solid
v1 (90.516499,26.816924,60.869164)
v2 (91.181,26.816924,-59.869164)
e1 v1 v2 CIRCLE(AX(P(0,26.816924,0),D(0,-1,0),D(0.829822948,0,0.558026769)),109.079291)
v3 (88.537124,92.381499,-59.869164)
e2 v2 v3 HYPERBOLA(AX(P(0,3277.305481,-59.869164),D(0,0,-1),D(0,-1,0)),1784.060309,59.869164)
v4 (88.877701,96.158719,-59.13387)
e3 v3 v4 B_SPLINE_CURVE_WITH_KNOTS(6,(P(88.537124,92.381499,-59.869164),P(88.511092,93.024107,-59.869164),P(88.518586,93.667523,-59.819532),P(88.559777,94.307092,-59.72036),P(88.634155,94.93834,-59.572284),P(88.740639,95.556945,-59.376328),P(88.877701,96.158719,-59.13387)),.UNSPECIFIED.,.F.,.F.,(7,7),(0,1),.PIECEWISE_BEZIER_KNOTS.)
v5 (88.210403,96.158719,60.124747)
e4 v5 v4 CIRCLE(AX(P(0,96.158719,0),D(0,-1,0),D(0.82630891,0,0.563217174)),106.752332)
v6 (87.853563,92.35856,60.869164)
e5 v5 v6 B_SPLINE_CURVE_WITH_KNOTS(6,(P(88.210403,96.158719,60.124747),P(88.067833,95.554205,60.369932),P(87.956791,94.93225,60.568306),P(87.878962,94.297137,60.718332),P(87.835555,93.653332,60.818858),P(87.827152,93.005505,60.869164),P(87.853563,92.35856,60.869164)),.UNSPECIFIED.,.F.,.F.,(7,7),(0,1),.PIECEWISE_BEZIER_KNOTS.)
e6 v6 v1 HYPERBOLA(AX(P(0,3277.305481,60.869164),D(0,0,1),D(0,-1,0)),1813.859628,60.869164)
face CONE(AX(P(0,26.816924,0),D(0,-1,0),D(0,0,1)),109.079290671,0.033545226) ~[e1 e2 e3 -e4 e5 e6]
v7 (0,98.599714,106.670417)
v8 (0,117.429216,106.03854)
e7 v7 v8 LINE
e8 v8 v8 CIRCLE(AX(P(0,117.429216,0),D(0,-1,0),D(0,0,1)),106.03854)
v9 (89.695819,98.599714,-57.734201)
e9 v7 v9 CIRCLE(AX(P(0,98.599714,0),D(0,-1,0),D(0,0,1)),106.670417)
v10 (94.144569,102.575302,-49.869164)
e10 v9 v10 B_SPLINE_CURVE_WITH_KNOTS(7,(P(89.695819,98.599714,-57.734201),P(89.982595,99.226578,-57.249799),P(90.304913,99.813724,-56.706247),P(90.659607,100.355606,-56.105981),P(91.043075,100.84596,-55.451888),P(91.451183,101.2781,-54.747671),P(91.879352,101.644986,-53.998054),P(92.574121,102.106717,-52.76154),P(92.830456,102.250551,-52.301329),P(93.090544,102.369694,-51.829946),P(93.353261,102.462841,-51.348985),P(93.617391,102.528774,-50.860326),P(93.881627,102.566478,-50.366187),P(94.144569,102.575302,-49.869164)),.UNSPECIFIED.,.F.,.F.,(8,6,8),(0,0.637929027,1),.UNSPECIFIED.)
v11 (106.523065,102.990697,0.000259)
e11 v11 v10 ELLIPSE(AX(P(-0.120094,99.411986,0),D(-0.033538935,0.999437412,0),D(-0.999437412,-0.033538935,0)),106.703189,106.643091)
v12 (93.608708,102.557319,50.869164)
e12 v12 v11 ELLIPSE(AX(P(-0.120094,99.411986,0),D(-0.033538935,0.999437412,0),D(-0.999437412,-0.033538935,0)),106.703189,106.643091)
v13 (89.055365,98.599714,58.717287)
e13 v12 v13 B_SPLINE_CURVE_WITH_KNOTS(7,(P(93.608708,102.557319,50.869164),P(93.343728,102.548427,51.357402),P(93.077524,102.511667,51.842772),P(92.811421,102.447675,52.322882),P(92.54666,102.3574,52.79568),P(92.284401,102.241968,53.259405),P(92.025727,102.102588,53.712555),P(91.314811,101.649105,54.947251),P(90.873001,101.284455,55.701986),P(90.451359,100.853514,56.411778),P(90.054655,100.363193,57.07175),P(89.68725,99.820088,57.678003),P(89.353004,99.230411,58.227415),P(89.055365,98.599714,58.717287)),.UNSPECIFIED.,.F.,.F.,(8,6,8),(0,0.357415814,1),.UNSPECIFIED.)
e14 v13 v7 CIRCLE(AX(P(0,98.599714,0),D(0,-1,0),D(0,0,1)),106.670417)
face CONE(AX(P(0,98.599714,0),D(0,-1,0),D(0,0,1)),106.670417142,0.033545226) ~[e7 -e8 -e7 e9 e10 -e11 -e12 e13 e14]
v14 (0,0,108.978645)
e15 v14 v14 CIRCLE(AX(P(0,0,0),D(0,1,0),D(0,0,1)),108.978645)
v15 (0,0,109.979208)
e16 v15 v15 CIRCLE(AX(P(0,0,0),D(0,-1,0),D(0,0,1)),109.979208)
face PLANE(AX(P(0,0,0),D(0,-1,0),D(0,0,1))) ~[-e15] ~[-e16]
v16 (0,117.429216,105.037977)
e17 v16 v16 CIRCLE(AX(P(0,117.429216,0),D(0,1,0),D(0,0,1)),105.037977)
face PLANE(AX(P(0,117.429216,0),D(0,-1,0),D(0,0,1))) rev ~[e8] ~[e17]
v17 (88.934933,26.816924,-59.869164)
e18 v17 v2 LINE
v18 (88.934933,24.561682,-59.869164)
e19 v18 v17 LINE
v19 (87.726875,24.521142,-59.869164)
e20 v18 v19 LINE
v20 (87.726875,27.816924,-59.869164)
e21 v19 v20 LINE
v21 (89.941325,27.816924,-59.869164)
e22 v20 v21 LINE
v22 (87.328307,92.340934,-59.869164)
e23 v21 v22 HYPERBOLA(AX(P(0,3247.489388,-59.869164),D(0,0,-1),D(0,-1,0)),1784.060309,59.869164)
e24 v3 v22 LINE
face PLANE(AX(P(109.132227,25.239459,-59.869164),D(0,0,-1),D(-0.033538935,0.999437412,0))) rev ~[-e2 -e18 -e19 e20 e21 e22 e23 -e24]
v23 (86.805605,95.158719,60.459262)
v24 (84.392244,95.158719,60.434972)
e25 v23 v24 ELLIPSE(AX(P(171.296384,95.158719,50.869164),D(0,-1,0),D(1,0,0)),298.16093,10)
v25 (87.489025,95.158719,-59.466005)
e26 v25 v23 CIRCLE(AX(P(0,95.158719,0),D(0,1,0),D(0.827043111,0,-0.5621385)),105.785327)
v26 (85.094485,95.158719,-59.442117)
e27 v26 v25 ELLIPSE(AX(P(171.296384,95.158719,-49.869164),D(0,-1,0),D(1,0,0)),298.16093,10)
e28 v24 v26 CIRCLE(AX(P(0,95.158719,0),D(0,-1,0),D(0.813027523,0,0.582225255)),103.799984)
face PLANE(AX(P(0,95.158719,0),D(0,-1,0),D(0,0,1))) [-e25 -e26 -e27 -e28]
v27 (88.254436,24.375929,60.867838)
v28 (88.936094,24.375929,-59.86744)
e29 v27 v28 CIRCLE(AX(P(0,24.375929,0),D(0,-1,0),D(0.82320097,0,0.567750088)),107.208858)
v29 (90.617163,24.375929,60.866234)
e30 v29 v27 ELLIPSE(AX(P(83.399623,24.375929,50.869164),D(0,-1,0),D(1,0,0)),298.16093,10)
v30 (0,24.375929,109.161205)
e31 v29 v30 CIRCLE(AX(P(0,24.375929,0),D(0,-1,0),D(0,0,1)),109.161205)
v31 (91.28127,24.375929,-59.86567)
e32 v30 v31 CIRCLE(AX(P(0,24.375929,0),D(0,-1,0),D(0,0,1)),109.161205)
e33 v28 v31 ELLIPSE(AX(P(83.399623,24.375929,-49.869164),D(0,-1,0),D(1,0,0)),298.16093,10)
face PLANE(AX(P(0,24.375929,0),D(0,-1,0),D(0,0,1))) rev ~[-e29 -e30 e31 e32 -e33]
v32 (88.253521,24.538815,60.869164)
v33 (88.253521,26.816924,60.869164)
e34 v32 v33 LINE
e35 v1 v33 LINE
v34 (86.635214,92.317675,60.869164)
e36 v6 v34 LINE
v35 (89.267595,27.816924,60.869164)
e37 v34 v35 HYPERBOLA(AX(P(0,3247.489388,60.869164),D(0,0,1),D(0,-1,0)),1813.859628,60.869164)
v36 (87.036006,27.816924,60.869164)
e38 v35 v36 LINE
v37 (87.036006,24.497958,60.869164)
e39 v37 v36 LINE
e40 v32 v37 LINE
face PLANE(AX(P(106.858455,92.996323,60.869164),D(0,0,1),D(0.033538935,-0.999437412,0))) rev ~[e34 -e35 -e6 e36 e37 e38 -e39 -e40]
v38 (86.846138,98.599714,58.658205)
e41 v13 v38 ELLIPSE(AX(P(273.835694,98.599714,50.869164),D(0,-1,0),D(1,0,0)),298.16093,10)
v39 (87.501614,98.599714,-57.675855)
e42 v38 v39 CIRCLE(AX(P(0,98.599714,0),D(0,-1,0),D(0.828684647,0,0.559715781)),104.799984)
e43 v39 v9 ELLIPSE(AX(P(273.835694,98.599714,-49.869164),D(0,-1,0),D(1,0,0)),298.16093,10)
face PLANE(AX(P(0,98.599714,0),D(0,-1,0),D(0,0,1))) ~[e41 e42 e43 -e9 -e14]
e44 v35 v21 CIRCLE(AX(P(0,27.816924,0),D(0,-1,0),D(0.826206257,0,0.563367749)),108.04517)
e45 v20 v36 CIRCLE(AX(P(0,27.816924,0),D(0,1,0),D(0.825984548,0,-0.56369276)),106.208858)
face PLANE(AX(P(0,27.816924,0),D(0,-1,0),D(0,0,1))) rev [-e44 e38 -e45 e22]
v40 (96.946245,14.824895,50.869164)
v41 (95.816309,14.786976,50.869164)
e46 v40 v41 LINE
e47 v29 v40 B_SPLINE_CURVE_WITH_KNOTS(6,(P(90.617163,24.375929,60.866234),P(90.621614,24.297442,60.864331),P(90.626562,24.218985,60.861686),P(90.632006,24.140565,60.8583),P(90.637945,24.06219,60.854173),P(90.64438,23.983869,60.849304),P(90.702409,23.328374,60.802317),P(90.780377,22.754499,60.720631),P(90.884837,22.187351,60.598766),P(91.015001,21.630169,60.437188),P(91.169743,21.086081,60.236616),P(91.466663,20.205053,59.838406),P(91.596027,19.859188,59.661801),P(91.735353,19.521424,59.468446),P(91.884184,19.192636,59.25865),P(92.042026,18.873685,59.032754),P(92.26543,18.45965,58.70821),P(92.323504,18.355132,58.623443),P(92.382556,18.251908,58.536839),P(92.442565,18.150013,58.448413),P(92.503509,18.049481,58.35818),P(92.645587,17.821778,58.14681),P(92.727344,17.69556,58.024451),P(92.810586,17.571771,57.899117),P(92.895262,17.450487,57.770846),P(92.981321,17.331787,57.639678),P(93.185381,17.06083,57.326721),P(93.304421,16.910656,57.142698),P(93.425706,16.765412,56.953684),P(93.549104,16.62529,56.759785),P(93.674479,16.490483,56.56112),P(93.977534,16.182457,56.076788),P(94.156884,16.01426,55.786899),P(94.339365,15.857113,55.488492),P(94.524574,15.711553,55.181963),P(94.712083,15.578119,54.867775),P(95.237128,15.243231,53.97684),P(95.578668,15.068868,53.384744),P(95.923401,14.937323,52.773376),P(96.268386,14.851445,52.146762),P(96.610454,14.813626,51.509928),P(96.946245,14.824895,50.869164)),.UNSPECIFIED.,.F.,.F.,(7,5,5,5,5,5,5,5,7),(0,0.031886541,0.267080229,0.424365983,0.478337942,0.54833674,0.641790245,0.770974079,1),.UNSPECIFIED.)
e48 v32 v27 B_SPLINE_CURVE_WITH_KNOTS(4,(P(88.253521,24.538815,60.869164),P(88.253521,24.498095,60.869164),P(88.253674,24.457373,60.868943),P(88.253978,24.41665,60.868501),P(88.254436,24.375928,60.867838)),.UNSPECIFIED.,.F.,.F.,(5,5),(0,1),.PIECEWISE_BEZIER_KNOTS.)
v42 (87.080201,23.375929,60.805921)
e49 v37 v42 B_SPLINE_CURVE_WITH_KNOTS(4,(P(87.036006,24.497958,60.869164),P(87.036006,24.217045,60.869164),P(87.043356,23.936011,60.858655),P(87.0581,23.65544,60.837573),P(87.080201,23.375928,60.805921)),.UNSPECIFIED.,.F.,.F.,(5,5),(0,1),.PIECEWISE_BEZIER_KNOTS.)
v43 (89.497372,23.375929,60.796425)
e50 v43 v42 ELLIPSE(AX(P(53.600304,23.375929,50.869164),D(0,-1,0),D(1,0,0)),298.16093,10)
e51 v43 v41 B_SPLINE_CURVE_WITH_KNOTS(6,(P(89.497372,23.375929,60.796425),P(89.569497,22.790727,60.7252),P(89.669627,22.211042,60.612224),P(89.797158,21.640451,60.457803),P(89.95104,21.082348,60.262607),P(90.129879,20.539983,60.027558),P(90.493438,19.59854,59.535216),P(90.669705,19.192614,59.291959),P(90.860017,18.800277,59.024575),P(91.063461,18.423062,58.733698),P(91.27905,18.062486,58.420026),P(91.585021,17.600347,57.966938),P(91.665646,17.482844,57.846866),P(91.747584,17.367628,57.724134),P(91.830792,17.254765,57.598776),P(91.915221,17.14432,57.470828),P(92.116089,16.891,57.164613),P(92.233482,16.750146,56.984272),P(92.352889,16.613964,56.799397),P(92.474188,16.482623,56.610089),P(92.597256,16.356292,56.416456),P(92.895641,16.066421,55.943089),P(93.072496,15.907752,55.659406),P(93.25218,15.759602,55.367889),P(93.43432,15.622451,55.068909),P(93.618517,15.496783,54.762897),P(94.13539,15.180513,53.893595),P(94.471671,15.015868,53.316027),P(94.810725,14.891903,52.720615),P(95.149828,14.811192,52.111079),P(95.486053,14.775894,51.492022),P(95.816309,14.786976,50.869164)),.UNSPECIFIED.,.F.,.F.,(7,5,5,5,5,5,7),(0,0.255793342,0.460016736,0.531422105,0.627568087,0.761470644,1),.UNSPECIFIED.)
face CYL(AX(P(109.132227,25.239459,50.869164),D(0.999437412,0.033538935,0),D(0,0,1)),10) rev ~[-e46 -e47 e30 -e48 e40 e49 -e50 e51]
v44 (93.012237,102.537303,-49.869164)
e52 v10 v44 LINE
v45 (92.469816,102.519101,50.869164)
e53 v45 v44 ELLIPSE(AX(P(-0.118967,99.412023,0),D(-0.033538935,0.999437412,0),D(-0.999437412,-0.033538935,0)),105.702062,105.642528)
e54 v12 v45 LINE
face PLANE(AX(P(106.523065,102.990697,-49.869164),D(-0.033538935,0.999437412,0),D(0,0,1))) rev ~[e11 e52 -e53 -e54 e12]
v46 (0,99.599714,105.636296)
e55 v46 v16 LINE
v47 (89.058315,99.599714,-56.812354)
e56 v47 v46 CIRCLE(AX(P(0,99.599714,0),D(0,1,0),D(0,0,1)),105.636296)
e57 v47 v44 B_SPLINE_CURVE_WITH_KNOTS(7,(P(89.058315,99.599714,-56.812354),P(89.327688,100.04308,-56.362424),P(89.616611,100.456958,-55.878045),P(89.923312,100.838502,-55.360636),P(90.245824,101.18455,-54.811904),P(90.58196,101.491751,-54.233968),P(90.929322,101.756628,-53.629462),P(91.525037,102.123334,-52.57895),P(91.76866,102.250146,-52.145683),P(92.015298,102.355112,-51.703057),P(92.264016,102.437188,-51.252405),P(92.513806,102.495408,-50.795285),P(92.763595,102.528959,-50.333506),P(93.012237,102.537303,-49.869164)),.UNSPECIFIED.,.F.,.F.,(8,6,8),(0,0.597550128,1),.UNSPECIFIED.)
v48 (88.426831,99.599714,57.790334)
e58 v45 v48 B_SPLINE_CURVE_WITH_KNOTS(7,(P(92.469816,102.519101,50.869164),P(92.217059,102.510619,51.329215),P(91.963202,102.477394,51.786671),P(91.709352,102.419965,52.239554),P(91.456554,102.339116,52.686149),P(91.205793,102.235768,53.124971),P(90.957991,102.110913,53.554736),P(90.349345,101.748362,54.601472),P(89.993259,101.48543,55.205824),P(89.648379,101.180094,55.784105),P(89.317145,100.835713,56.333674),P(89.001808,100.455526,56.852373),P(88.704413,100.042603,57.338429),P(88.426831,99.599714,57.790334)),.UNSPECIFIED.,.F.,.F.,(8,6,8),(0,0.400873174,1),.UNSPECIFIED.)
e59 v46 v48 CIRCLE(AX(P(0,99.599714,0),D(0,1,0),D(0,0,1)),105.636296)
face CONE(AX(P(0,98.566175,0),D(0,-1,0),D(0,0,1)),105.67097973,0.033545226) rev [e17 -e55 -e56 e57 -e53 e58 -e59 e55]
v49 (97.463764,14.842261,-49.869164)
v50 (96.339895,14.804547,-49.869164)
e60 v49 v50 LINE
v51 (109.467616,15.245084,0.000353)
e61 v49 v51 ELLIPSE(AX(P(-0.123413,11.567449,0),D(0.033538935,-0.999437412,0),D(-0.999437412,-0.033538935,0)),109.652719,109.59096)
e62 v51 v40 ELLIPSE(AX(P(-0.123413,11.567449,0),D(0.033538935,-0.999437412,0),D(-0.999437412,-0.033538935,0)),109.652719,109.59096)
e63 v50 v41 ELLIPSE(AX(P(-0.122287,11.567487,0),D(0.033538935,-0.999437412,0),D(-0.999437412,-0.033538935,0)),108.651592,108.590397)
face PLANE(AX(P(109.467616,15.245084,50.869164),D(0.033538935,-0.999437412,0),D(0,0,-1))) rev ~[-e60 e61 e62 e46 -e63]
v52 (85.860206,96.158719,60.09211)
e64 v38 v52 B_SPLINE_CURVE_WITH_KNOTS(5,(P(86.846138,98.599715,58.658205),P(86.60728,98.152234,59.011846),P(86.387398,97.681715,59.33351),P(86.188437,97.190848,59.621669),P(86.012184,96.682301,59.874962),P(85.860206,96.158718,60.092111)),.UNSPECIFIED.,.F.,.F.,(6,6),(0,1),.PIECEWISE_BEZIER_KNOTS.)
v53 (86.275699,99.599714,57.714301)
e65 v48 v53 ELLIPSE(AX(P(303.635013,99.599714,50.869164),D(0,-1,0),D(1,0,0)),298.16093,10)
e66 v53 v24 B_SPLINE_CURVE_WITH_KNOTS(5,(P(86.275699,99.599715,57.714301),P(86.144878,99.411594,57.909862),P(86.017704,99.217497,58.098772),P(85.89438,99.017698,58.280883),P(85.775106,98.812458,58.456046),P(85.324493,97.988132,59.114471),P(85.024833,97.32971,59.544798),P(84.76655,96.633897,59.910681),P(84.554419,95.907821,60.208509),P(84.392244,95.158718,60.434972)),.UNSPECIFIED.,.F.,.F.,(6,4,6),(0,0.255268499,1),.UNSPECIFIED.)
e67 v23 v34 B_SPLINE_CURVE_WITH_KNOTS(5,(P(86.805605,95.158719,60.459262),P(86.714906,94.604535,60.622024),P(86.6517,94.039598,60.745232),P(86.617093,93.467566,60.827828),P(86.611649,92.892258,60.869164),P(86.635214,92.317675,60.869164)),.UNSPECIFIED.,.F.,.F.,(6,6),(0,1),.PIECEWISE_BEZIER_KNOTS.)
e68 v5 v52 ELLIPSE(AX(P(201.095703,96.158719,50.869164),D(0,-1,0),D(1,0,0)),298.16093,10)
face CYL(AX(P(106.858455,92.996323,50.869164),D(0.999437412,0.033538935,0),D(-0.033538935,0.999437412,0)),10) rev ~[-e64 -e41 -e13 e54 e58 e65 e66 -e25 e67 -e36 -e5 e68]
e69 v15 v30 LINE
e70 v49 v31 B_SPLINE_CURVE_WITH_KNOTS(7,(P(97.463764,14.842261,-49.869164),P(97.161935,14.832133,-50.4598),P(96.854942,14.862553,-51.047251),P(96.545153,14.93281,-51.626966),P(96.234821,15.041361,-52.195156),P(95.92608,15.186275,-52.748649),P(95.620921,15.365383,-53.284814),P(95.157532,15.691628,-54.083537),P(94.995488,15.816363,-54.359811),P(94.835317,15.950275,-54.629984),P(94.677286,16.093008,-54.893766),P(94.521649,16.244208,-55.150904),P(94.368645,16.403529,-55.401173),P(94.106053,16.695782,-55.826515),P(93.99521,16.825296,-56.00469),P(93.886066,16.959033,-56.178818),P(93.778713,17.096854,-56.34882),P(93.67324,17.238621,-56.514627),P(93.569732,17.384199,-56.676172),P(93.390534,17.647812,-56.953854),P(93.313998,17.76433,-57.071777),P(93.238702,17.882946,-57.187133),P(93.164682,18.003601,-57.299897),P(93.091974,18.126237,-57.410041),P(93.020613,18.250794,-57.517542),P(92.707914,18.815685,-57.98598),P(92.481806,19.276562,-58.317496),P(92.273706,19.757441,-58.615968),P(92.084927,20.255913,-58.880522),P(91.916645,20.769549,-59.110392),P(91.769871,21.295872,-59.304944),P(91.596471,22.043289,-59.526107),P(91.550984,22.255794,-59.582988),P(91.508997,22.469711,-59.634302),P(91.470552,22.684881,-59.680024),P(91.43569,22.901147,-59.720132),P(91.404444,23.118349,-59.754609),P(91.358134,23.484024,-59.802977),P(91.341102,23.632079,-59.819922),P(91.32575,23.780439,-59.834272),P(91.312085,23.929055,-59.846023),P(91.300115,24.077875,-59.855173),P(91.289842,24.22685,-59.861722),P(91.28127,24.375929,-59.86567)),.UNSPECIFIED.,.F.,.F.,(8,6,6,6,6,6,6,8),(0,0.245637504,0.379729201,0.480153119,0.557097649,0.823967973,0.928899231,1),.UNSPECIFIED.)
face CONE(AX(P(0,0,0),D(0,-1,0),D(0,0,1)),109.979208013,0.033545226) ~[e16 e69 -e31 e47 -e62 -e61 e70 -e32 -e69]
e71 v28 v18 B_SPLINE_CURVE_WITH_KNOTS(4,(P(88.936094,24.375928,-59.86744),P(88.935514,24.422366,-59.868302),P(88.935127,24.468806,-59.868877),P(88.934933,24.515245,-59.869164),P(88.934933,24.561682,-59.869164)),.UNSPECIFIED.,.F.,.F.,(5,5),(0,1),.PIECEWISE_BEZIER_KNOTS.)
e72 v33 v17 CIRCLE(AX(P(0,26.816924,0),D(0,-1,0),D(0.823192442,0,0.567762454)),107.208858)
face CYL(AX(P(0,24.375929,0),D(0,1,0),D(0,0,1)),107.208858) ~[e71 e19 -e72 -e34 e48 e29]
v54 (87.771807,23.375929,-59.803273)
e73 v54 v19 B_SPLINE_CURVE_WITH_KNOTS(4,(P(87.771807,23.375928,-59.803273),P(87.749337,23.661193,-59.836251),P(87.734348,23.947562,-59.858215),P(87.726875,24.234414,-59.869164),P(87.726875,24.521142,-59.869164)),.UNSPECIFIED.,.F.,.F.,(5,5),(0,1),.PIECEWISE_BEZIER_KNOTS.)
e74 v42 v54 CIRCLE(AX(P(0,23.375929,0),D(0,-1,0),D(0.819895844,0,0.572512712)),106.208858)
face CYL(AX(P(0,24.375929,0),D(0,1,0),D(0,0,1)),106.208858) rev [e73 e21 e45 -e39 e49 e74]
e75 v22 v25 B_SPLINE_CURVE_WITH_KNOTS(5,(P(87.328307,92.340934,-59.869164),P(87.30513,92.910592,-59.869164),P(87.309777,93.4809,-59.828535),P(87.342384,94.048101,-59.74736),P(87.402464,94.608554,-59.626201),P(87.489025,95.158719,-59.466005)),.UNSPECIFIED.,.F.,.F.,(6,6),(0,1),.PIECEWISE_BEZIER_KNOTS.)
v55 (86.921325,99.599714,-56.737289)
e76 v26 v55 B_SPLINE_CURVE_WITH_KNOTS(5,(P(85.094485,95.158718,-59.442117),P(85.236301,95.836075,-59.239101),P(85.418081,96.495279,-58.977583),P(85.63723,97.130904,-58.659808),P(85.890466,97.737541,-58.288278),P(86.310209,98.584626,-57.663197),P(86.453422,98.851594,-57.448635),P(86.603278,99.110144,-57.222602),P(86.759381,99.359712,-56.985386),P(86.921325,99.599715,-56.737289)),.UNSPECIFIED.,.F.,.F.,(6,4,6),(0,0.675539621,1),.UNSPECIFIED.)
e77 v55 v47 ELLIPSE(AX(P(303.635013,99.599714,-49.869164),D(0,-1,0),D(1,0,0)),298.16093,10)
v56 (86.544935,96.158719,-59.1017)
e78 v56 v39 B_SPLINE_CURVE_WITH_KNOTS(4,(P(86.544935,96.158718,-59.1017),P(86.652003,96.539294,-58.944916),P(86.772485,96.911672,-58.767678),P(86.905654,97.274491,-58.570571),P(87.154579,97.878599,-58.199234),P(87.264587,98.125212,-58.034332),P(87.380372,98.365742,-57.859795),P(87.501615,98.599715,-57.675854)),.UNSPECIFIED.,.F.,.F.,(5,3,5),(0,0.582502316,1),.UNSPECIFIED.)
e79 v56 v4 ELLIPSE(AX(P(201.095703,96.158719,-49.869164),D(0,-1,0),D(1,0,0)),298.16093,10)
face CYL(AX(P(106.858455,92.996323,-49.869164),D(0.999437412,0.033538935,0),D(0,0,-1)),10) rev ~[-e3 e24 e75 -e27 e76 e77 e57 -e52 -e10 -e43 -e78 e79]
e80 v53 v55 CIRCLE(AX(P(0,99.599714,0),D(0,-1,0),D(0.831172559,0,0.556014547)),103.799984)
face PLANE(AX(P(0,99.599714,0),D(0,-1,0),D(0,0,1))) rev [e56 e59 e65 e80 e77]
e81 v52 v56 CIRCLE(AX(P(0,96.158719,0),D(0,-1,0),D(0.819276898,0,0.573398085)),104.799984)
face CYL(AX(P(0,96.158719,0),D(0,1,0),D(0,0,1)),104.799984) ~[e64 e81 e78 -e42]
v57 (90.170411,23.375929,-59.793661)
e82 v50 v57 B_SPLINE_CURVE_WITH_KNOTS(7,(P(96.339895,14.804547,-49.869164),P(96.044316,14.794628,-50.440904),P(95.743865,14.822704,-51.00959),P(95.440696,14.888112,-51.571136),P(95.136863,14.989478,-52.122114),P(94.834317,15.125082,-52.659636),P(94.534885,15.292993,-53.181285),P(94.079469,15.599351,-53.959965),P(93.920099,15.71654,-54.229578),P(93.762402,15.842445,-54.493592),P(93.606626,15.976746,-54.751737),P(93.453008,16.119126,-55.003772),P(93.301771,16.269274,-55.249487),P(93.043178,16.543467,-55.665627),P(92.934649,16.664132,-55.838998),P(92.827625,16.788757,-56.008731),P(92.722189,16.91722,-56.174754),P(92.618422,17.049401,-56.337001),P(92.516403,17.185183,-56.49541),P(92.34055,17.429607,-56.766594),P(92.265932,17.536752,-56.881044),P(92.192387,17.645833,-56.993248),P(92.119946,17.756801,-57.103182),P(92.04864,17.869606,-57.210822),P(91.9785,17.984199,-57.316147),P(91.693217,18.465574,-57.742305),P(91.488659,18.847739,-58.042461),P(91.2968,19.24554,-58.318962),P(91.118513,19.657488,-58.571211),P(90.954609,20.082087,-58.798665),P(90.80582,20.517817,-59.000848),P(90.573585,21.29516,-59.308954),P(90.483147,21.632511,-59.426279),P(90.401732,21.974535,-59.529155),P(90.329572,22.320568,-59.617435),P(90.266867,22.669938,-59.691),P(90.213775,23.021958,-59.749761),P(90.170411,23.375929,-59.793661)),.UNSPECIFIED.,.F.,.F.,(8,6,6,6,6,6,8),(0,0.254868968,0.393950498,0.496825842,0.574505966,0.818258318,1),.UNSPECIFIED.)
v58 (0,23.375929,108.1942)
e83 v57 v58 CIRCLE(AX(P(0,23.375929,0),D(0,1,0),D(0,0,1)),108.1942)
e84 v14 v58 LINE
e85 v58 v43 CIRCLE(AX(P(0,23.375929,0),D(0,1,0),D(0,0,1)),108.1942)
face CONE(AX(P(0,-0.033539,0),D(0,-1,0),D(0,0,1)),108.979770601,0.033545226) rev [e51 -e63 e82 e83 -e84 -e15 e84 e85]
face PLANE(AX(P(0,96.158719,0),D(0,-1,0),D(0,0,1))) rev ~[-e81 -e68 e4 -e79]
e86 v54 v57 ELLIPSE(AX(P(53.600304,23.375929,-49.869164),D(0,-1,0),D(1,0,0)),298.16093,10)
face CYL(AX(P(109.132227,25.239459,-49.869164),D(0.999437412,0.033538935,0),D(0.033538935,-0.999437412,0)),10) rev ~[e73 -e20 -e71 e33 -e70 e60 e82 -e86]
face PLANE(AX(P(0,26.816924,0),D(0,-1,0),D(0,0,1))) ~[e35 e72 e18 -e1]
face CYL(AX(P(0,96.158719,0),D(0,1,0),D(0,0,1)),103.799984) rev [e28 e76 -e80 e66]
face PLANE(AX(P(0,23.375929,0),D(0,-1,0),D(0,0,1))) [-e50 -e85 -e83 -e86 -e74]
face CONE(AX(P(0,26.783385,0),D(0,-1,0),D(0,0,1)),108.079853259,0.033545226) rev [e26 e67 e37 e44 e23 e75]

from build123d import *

# Parameters (mm, degrees)
SHELL1_T           = -1
CUT_EXTRUDE1_REACH = 272.851


with BuildPart() as part:
    # Sketch1 → Revolve1 (revolve)
    with BuildSketch(Plane.XY, mode=Mode.PRIVATE) as revolve1_sk:
        Polygon((0, 0), (109.979208013, 0), (109.161205132, 24.375928632), (107.208857797, 24.375928632), (107.208857797, 26.816923755), (109.079290671, 26.816923755), (106.752331603, 96.158718868), (104.799984268, 96.158718868), (104.799984268, 98.599713991), (106.670417142, 98.599713991), (106.0385402, 117.429216448), (0, 117.429216448), align=None)
    revolve(revolve1_sk.sketch.rotate(Axis((0, 117.429216448, 0), (0, -1, 0)), 90), axis=Axis((0, 117.429216448, 0), (0, -1, 0)))

    # Shell1
    shell1_openings = [part.faces().sort_by_distance(p)[0] for p in [
        (0, 0, 0),
        (0, 117.429216448, 0),
    ]]
    offset(amount=SHELL1_T, openings=shell1_openings, kind=Kind.INTERSECTION)

    # Sketch2 → Cut-Extrude1 (cut, up to next)
    with BuildSketch(Plane(origin=(109.855496784, 3.686510337, 0), x_dir=(0, 0, -1), z_dir=(0.9994374116718343, 0.03353893484749475, 0)), mode=Mode.PRIVATE) as cut_extrude1_sk1:
        with BuildLine():
            Line((-50.869164149, 11.565080514), (49.86916415, 11.565080514))
            ThreePointArc((49.86916415, 11.565080514), (56.940231962, 14.494012702), (59.86916415, 21.565080514))
            Line((59.86916415, 21.565080514), (59.86916415, 89.360085428))
            ThreePointArc((59.86916415, 89.360085428), (56.940231962, 96.43115324), (49.86916415, 99.360085428))
            Line((49.86916415, 99.360085428), (-50.869164149, 99.360085428))
            ThreePointArc((-50.869164149, 99.360085428), (-57.940231961, 96.43115324), (-60.869164149, 89.360085428))
            Line((-60.869164149, 89.360085428), (-60.869164149, 21.565080514))
            ThreePointArc((-60.869164149, 21.565080514), (-57.940231961, 14.494012702), (-50.869164149, 11.565080514))
        make_face()
    cut_extrude1_tool1 = extrude(cut_extrude1_sk1.sketch, amount=-CUT_EXTRUDE1_REACH, mode=Mode.PRIVATE) & part.part
    add(cut_extrude1_tool1.solids().sort_by_distance((107.995341, 59.117891, 0.5))[0], mode=Mode.SUBTRACT)


solid = part.part
